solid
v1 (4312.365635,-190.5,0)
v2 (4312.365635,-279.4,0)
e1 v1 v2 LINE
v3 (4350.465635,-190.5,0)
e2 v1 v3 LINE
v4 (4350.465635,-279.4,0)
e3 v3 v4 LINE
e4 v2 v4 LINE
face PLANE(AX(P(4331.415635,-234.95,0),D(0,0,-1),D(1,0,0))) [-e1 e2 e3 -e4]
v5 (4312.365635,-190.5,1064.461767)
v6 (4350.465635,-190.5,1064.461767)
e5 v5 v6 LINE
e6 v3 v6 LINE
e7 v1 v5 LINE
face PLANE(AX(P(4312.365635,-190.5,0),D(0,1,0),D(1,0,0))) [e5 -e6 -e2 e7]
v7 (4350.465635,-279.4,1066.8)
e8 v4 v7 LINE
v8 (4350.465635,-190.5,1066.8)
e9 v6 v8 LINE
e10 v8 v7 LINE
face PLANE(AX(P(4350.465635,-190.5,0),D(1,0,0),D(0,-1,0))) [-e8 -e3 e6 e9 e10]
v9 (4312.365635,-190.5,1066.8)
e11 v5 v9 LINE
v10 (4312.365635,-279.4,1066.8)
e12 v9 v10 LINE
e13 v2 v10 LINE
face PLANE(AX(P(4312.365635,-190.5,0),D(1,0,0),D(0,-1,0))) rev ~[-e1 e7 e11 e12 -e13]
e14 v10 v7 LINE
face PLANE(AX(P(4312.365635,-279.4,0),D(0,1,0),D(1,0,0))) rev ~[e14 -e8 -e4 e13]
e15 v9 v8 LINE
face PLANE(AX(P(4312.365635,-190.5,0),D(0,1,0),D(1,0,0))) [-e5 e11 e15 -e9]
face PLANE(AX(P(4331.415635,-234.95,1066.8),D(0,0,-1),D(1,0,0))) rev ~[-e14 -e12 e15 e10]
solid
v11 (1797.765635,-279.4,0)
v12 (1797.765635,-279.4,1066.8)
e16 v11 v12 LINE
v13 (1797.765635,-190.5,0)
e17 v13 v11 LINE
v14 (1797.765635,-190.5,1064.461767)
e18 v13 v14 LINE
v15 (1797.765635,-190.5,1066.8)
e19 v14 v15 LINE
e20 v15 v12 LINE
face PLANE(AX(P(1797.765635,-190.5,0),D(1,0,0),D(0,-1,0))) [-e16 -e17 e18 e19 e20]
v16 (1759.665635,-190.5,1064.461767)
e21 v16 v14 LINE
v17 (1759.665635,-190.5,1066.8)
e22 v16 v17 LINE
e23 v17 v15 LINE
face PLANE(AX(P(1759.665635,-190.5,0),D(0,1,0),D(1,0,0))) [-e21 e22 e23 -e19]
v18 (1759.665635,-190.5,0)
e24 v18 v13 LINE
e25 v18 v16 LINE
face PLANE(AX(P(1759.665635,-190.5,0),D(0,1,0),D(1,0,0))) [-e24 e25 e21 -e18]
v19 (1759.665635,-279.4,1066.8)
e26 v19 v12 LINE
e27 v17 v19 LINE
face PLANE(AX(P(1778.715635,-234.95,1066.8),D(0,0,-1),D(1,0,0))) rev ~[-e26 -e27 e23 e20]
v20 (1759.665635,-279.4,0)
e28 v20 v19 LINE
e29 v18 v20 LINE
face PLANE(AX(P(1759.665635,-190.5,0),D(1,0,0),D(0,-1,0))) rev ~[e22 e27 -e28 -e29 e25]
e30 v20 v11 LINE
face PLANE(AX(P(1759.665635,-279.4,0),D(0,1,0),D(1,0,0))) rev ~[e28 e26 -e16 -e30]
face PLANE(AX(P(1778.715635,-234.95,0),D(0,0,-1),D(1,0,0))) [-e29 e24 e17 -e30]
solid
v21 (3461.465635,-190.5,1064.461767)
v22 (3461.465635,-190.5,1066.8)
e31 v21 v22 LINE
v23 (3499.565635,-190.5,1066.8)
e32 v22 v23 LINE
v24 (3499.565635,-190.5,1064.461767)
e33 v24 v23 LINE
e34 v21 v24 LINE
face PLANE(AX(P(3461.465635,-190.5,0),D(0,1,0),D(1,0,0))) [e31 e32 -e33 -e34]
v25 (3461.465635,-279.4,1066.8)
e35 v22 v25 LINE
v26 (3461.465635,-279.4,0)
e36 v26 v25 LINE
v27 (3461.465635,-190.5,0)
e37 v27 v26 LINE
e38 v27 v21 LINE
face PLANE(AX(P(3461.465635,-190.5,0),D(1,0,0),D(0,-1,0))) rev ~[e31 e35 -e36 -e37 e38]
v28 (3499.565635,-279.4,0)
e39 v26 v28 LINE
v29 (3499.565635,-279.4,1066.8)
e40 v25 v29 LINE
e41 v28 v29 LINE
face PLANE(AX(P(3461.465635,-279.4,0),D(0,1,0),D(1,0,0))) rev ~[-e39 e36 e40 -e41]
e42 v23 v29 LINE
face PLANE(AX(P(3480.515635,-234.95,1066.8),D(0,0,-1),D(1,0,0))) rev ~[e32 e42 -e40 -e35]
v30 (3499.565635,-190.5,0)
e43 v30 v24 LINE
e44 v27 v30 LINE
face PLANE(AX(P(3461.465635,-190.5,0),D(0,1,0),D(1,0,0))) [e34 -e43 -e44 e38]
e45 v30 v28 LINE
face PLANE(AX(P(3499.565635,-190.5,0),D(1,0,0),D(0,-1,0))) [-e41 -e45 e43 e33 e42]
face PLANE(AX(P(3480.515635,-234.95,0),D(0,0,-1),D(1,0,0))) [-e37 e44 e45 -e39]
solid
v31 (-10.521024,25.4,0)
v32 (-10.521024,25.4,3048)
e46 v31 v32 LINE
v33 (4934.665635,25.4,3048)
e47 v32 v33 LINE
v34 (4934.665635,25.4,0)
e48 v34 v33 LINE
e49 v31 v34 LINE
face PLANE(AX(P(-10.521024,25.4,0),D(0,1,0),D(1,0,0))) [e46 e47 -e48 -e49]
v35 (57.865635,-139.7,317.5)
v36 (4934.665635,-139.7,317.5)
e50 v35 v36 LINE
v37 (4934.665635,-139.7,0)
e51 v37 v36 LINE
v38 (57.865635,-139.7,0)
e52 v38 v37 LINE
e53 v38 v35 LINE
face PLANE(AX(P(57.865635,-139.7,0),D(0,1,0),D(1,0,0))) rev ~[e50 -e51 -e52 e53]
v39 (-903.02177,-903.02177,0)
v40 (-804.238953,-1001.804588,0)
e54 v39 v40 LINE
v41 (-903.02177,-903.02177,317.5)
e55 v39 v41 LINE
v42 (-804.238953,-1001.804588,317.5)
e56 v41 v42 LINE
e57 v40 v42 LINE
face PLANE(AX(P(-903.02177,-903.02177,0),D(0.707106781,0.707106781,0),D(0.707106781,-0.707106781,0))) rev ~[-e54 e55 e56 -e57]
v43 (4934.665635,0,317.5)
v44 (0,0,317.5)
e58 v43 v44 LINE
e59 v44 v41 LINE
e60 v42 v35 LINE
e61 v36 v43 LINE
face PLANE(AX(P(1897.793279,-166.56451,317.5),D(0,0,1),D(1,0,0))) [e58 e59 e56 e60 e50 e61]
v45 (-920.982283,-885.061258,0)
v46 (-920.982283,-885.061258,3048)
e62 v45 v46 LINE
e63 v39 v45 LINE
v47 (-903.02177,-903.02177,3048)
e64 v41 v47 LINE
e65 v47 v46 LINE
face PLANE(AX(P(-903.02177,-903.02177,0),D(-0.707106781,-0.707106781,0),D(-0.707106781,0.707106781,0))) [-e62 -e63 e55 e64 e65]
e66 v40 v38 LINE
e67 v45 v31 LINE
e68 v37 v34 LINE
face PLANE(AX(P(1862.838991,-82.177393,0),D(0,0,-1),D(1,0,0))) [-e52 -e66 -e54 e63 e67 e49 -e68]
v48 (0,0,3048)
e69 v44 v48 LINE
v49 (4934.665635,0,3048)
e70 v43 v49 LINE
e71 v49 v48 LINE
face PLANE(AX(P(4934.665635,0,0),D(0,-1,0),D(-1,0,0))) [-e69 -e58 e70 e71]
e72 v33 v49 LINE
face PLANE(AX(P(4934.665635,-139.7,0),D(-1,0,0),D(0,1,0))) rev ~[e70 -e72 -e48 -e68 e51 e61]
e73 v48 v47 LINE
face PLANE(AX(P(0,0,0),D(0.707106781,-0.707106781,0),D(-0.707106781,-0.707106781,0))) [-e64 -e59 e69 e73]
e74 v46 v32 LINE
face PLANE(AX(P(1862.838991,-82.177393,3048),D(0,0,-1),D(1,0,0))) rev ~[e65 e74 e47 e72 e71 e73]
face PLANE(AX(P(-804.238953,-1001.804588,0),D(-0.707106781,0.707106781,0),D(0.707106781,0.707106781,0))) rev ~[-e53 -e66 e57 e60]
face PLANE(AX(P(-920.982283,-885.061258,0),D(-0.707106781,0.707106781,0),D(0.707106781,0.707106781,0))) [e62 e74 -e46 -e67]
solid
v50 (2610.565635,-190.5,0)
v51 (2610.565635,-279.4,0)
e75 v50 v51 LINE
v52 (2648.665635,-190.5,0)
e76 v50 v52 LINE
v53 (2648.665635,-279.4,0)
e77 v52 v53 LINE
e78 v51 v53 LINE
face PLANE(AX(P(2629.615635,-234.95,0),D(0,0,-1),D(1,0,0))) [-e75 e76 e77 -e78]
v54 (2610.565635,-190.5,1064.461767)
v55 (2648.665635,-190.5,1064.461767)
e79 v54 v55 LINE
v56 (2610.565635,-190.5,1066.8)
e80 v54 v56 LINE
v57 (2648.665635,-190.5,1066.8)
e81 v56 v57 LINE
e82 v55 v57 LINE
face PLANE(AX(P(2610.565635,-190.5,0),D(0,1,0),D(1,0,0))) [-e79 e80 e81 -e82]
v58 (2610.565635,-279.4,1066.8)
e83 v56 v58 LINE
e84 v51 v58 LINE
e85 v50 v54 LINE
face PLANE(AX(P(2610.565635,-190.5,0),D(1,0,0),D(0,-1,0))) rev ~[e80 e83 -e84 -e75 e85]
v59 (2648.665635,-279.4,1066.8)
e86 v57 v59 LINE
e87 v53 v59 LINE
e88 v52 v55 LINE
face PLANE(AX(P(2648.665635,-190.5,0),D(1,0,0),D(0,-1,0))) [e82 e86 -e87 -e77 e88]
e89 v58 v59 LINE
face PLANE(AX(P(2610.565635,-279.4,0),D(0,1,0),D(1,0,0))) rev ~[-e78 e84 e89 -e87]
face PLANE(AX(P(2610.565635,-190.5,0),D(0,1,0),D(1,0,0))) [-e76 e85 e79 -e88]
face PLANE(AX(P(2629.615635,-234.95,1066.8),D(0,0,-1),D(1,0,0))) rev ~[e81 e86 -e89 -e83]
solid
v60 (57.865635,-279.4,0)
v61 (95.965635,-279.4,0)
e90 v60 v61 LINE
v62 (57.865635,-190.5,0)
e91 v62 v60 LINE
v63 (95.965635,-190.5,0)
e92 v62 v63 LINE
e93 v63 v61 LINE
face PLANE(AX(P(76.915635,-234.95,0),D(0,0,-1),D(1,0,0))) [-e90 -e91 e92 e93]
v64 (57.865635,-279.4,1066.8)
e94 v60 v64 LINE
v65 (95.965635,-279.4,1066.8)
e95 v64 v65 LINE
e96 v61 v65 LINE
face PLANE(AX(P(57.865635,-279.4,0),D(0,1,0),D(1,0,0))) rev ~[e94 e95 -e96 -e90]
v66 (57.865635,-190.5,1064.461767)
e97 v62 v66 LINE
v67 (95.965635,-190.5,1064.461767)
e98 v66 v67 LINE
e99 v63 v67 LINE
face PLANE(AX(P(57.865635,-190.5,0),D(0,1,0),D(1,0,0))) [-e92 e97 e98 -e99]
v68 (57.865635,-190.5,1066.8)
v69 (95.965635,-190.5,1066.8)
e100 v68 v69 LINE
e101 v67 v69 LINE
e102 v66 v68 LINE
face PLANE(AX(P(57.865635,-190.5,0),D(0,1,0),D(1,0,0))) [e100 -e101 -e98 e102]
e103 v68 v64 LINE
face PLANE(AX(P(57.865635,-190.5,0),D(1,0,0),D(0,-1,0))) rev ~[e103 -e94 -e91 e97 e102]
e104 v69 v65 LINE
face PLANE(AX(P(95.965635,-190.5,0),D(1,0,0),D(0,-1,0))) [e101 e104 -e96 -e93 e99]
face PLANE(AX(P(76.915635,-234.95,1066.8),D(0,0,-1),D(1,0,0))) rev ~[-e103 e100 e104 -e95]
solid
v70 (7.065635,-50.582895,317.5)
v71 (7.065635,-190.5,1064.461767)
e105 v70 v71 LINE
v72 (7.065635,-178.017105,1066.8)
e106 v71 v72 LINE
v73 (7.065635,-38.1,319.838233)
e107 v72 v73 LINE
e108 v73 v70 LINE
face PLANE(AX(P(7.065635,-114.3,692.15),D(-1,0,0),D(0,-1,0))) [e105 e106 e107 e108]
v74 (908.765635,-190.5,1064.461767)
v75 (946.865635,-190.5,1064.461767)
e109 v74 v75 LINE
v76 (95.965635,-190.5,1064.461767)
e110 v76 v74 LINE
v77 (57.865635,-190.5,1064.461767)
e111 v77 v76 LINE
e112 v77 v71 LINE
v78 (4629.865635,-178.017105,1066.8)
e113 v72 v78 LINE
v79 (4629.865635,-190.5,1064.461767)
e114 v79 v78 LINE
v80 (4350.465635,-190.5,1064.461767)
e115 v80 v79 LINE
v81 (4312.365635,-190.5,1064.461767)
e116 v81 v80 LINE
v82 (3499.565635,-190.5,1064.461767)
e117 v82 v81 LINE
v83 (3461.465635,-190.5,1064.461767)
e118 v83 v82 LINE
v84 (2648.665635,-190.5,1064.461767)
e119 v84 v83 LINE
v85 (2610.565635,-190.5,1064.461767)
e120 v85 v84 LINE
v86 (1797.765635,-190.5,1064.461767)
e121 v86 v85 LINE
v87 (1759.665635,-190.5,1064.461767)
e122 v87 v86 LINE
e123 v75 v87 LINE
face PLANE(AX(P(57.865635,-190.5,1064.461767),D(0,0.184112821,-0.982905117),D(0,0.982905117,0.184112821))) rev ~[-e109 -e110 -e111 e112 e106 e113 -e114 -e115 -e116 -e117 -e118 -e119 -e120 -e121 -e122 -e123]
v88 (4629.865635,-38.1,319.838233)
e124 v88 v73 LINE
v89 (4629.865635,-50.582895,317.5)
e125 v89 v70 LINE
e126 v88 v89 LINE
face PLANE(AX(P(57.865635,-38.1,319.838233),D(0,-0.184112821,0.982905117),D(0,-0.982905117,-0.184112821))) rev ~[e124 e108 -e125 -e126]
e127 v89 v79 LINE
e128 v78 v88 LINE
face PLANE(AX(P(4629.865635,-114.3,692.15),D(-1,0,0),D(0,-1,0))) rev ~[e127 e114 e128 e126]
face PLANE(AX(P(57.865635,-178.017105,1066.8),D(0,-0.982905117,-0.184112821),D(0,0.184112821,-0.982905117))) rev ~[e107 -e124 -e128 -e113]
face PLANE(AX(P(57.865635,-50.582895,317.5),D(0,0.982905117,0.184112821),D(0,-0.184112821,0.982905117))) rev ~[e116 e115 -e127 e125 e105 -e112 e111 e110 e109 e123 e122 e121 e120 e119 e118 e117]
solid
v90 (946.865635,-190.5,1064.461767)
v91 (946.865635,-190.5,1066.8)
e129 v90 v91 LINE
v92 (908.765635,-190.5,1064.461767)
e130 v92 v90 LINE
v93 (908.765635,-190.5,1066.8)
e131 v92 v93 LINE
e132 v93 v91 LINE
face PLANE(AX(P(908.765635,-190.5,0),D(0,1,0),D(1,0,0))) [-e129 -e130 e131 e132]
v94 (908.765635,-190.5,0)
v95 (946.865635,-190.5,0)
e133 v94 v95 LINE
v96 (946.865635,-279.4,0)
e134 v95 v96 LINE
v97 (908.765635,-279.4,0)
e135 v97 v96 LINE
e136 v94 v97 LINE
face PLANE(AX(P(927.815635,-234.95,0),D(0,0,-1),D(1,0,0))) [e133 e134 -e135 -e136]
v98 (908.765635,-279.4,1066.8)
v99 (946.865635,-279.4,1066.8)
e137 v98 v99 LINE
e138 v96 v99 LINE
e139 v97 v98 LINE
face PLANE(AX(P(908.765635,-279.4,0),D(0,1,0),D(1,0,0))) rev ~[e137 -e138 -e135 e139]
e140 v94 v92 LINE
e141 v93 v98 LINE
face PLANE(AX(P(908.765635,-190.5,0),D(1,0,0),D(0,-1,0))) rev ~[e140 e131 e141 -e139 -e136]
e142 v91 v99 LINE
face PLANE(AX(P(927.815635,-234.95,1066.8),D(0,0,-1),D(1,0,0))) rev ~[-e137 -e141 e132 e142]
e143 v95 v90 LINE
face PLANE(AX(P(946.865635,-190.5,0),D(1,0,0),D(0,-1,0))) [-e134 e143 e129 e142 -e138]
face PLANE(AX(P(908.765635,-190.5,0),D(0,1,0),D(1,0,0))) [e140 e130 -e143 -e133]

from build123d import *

# Parameters (mm, degrees)
F1_DEPTH      = 317.5
F3_DEPTH      = 3048
F4_W          = 38.1
F4_H          = 88.9
F5_DEPTH      = 1066.8
F8_DEPTH      = 4572
F8_DEPTH_BACK = 50.8


with BuildPart() as f1:
    # F0 (on Top) → F1 (new body)
    with BuildSketch(Plane.XY):
        Polygon((4934.6656346635, 0), (0, 0), (-903.0217702909, -903.0217702909), (-804.2389529591, -1001.8045876226), (57.8656346635, -139.7), (4934.6656346635, -139.7), align=None)
    extrude(amount=F1_DEPTH)

    # F2 (on face) → F3 (join)
    with BuildSketch(Plane(origin=(0, 0, 0), x_dir=(1, 0, 0), z_dir=(0, 0, -1))):
        Polygon((0, 0), (-903.0217702909, 903.0217702909), (-920.982282533, 885.0612580487), (-10.5210244843, -25.4), (4934.6656346635, -25.4), (4934.6656346635, 0), align=None)
    extrude(amount=-F3_DEPTH)



with BuildPart() as f5:
    # F4 (on face) → F5 (new body)
    with BuildSketch(Plane(origin=(0, 0, 0), x_dir=(1, 0, 0), z_dir=(0, 0, -1))):
        with Locations((76.9156346635, 234.95)):
            Rectangle(F4_W, F4_H)
    extrude(amount=-F5_DEPTH)


with BuildPart() as f5b:
    # F4 (on face) → F5, piece 2 (new body)
    with BuildSketch(Plane(origin=(0, 0, 0), x_dir=(1, 0, 0), z_dir=(0, 0, -1))):
        with Locations((927.8156346635, 234.95)):
            Rectangle(F4_W, F4_H)
    extrude(amount=-F5_DEPTH)


with BuildPart() as f5c:
    # F4 (on face) → F5, piece 3 (new body)
    with BuildSketch(Plane(origin=(0, 0, 0), x_dir=(1, 0, 0), z_dir=(0, 0, -1))):
        with Locations((1778.7156346635, 234.95)):
            Rectangle(F4_W, F4_H)
    extrude(amount=-F5_DEPTH)


with BuildPart() as f5d:
    # F4 (on face) → F5, piece 4 (new body)
    with BuildSketch(Plane(origin=(0, 0, 0), x_dir=(1, 0, 0), z_dir=(0, 0, -1))):
        with Locations((2629.6156346635, 234.95)):
            Rectangle(F4_W, F4_H)
    extrude(amount=-F5_DEPTH)


with BuildPart() as f5e:
    # F4 (on face) → F5, piece 5 (new body)
    with BuildSketch(Plane(origin=(0, 0, 0), x_dir=(1, 0, 0), z_dir=(0, 0, -1))):
        with Locations((3480.5156346635, 234.95)):
            Rectangle(F4_W, F4_H)
    extrude(amount=-F5_DEPTH)


with BuildPart() as f5f:
    # F4 (on face) → F5, piece 6 (new body)
    with BuildSketch(Plane(origin=(0, 0, 0), x_dir=(1, 0, 0), z_dir=(0, 0, -1))):
        with Locations((4331.4156346635, 234.95)):
            Rectangle(F4_W, F4_H)
    extrude(amount=-F5_DEPTH)


with BuildPart() as f1_1:
    add(f1.part)

    add(f5.part)  # F8 merges F5

    add(f5b.part)  # F8 merges F5b

    add(f5c.part)  # F8 merges F5c

    add(f5d.part)  # F8 merges F5d

    add(f5e.part)  # F8 merges F5e

    add(f5f.part)  # F8 merges F5f
    # F7 (on face) → F8 (join, two sides)
    with BuildSketch(Plane(origin=(57.8656346635, 0, 0), x_dir=(0, -1, 0), z_dir=(-1, 0, 0))) as f8_sk:
        Polygon((178.0171050144, 1066.8), (38.1, 319.8382328325), (50.5828949856, 317.5), (190.5, 1064.4617671675), align=None)
    extrude(amount=-F8_DEPTH)
    extrude(f8_sk.sketch, amount=F8_DEPTH_BACK)


solid = f1_1.part
